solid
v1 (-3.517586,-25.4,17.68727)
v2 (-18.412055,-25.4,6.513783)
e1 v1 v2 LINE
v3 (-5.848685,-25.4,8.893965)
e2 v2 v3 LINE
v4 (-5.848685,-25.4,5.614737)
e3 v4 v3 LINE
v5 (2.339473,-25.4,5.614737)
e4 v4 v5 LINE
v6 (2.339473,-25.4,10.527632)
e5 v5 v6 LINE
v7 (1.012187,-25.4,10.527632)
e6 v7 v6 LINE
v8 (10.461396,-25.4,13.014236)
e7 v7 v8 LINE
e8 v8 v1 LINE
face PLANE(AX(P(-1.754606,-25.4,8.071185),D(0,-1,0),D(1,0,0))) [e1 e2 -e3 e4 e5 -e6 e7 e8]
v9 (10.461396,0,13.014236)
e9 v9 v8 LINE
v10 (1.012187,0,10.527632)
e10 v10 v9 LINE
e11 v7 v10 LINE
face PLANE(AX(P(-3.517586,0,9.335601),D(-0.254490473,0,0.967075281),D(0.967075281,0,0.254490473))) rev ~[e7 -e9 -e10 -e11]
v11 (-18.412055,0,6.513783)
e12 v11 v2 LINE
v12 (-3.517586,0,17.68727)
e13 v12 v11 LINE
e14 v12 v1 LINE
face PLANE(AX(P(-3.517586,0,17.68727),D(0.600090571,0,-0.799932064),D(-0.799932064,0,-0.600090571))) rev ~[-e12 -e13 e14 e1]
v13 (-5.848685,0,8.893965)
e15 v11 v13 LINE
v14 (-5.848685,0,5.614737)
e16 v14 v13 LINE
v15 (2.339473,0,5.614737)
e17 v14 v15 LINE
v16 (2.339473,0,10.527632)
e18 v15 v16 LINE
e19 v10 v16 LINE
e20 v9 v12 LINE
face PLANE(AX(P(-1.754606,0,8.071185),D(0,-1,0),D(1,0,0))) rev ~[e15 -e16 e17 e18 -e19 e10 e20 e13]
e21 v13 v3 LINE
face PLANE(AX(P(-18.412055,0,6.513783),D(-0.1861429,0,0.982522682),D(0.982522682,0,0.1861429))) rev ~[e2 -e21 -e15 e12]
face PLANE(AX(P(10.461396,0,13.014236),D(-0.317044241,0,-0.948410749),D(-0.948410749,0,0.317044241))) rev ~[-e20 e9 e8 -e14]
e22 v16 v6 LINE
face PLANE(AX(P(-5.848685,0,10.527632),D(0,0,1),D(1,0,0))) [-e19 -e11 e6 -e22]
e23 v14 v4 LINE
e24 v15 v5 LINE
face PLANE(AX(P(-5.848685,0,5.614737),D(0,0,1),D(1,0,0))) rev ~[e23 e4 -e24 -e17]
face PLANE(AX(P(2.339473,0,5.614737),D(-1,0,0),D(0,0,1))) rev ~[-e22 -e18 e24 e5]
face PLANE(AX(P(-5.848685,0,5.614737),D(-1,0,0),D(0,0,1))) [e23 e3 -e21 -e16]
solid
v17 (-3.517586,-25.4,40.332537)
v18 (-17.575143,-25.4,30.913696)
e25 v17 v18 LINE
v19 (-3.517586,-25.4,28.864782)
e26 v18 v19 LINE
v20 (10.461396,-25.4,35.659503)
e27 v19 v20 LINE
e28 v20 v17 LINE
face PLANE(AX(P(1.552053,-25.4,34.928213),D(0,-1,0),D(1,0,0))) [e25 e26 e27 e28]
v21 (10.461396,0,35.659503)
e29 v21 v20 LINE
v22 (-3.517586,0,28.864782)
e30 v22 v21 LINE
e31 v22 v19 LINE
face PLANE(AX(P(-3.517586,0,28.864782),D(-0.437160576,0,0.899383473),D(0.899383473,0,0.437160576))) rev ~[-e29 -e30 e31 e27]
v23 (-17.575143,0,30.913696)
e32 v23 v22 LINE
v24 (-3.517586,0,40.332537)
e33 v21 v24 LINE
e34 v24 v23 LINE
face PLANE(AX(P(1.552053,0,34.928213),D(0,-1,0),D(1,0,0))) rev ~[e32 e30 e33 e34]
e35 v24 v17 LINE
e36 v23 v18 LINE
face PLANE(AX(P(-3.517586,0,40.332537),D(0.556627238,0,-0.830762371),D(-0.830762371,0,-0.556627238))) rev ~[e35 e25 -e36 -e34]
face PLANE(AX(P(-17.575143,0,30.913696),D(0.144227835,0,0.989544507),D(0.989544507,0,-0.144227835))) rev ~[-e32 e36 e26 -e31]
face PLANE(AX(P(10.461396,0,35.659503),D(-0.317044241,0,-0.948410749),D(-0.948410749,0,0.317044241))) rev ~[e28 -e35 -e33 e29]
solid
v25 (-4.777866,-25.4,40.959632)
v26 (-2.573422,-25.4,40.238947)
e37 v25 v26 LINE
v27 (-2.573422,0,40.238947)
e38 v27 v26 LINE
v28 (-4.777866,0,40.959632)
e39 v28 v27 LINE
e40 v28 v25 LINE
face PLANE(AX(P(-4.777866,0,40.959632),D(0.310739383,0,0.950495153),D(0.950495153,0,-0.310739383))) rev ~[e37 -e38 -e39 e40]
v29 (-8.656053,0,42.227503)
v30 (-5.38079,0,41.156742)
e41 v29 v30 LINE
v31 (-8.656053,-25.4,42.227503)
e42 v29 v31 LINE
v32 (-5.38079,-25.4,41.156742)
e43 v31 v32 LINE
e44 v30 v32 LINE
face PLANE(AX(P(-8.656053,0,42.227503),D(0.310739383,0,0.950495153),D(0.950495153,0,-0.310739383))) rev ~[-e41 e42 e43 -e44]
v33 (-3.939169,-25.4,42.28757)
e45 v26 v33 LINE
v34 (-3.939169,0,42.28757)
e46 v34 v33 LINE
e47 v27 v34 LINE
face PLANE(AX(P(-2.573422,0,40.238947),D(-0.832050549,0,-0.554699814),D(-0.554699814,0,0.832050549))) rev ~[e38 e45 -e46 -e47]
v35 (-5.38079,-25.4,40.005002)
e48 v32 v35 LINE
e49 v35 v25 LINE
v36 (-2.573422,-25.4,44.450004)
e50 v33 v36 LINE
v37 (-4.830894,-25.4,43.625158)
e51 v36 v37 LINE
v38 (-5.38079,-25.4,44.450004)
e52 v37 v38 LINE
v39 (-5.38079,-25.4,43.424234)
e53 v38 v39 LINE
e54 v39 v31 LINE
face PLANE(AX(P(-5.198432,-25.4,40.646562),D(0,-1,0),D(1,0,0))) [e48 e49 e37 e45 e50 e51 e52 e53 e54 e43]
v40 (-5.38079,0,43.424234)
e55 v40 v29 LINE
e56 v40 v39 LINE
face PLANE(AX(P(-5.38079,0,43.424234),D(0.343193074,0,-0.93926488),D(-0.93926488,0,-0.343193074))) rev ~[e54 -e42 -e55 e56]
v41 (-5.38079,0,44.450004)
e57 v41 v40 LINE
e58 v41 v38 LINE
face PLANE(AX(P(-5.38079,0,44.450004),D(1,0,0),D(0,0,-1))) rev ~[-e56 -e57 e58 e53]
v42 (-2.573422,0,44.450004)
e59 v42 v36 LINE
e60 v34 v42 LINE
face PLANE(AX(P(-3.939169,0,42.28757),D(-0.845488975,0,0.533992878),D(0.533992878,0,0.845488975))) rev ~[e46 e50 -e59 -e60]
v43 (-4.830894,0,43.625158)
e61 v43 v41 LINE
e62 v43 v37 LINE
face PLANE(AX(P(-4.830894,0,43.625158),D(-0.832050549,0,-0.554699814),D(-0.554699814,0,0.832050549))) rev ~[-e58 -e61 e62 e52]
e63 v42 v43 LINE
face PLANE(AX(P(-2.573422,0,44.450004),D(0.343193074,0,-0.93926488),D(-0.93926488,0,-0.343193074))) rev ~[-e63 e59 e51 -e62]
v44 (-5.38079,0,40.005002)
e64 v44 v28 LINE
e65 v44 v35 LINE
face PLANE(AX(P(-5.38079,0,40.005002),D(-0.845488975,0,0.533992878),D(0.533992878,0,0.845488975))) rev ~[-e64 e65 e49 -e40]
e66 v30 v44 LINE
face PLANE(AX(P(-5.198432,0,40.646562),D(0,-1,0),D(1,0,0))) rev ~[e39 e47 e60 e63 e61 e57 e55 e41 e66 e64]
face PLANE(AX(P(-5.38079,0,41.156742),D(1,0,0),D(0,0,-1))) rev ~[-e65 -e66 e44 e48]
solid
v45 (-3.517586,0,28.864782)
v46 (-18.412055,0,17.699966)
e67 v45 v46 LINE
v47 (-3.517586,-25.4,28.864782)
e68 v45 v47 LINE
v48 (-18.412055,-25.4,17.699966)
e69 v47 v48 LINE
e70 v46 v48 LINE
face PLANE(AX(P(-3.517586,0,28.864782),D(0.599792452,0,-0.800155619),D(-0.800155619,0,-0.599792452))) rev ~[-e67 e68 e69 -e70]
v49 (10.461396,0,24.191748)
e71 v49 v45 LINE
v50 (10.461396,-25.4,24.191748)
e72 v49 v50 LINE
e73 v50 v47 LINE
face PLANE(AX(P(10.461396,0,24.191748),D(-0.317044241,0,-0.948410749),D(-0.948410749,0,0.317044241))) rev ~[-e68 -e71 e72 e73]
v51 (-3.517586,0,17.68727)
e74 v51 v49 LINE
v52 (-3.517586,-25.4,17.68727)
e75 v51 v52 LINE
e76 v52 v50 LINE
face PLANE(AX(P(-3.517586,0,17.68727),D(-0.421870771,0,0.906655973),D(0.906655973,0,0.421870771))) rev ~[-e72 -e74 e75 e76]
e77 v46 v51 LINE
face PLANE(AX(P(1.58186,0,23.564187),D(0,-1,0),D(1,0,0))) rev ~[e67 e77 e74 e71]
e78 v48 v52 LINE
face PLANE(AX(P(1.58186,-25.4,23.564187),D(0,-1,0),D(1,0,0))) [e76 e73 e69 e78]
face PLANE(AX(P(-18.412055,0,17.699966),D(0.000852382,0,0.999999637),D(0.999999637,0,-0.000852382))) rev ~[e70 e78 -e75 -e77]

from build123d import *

# Parameters (mm, degrees)
F1_DEPTH = 25.4
F2_W     = 8.1881582737
F2_H     = 4.9128951505
F3_DEPTH = 25.4
F5_DEPTH = 25.4


with BuildPart() as f1:
    # F0 (on Front) → F1 (new body)
    with BuildSketch(Plane.XZ):
        Polygon((10.4613956064, 35.6595031917), (-3.5175860394, 40.3325371444), (-3.5175860394, 28.8647823036), align=None)
        Polygon((-3.5175860394, 28.8647823036), (-3.5175860394, 40.3325371444), (-17.5751429051, 30.913695693), align=None)
    extrude(amount=F1_DEPTH)


with BuildPart() as f1b:
    # F0 (on Front) → F1, piece 2 (new body)
    with BuildSketch(Plane.XZ):
        Polygon((10.4613956064, 13.0142364651), (-3.5175860394, 17.6872704178), (-3.5175860394, 9.335600771), align=None)
        Polygon((-3.5175860394, 9.335600771), (-3.5175860394, 17.6872704178), (-18.4120554477, 6.5137832426), align=None)
    extrude(amount=F1_DEPTH)

    # F2 (on Front) → F3 (join)
    with BuildSketch(Plane.XZ):
        with Locations((-1.754605677, 8.071184624)):
            Rectangle(F2_W, F2_H)
    extrude(amount=F3_DEPTH)


with BuildPart() as f1c:
    # F0 (on Front) → F1, piece 3 (new body)
    with BuildSketch(Plane.XZ):
        Polygon((10.4613956064, 24.1917483509), (-3.5175860394, 28.8647823036), (-3.5175860394, 17.6872704178), align=None)
        Polygon((-3.5175860394, 17.6872704178), (-3.5175860394, 28.8647823036), (-18.4120554477, 17.6999662071), align=None)
    extrude(amount=F1_DEPTH)


with BuildPart() as f5:
    # F4 (on Front) → F5 (new body)
    with BuildSketch(Plane.XZ):
        Polygon((-5.380790215, 41.1567419558), (-5.380790215, 40.0050021708), (-4.7778663743, 40.9596318685), align=None)
        Polygon((-8.6560528725, 42.2275029123), (-5.380790215, 41.1567419558), (-5.380790215, 43.4242339761), align=None)
        Polygon((-5.380790215, 43.4242339761), (-5.380790215, 41.1567419558), (-4.7778663743, 40.9596318685), (-3.9391690301, 42.2875697244), (-4.8308935512, 43.6251578372), align=None)
        Polygon((-3.9391690301, 42.2875697244), (-4.7778663743, 40.9596318685), (-2.5734216906, 40.2389466763), align=None)
        Polygon((-5.380790215, 44.4500036538), (-5.380790215, 43.4242339761), (-4.8308935512, 43.6251578372), align=None)
        Polygon((-4.8308935512, 43.6251578372), (-3.9391690301, 42.2875697244), (-2.5734216906, 44.4500036538), align=None)
    extrude(amount=F5_DEPTH)


solid = Compound([f1.part, f1b.part, f1c.part, f5.part])
